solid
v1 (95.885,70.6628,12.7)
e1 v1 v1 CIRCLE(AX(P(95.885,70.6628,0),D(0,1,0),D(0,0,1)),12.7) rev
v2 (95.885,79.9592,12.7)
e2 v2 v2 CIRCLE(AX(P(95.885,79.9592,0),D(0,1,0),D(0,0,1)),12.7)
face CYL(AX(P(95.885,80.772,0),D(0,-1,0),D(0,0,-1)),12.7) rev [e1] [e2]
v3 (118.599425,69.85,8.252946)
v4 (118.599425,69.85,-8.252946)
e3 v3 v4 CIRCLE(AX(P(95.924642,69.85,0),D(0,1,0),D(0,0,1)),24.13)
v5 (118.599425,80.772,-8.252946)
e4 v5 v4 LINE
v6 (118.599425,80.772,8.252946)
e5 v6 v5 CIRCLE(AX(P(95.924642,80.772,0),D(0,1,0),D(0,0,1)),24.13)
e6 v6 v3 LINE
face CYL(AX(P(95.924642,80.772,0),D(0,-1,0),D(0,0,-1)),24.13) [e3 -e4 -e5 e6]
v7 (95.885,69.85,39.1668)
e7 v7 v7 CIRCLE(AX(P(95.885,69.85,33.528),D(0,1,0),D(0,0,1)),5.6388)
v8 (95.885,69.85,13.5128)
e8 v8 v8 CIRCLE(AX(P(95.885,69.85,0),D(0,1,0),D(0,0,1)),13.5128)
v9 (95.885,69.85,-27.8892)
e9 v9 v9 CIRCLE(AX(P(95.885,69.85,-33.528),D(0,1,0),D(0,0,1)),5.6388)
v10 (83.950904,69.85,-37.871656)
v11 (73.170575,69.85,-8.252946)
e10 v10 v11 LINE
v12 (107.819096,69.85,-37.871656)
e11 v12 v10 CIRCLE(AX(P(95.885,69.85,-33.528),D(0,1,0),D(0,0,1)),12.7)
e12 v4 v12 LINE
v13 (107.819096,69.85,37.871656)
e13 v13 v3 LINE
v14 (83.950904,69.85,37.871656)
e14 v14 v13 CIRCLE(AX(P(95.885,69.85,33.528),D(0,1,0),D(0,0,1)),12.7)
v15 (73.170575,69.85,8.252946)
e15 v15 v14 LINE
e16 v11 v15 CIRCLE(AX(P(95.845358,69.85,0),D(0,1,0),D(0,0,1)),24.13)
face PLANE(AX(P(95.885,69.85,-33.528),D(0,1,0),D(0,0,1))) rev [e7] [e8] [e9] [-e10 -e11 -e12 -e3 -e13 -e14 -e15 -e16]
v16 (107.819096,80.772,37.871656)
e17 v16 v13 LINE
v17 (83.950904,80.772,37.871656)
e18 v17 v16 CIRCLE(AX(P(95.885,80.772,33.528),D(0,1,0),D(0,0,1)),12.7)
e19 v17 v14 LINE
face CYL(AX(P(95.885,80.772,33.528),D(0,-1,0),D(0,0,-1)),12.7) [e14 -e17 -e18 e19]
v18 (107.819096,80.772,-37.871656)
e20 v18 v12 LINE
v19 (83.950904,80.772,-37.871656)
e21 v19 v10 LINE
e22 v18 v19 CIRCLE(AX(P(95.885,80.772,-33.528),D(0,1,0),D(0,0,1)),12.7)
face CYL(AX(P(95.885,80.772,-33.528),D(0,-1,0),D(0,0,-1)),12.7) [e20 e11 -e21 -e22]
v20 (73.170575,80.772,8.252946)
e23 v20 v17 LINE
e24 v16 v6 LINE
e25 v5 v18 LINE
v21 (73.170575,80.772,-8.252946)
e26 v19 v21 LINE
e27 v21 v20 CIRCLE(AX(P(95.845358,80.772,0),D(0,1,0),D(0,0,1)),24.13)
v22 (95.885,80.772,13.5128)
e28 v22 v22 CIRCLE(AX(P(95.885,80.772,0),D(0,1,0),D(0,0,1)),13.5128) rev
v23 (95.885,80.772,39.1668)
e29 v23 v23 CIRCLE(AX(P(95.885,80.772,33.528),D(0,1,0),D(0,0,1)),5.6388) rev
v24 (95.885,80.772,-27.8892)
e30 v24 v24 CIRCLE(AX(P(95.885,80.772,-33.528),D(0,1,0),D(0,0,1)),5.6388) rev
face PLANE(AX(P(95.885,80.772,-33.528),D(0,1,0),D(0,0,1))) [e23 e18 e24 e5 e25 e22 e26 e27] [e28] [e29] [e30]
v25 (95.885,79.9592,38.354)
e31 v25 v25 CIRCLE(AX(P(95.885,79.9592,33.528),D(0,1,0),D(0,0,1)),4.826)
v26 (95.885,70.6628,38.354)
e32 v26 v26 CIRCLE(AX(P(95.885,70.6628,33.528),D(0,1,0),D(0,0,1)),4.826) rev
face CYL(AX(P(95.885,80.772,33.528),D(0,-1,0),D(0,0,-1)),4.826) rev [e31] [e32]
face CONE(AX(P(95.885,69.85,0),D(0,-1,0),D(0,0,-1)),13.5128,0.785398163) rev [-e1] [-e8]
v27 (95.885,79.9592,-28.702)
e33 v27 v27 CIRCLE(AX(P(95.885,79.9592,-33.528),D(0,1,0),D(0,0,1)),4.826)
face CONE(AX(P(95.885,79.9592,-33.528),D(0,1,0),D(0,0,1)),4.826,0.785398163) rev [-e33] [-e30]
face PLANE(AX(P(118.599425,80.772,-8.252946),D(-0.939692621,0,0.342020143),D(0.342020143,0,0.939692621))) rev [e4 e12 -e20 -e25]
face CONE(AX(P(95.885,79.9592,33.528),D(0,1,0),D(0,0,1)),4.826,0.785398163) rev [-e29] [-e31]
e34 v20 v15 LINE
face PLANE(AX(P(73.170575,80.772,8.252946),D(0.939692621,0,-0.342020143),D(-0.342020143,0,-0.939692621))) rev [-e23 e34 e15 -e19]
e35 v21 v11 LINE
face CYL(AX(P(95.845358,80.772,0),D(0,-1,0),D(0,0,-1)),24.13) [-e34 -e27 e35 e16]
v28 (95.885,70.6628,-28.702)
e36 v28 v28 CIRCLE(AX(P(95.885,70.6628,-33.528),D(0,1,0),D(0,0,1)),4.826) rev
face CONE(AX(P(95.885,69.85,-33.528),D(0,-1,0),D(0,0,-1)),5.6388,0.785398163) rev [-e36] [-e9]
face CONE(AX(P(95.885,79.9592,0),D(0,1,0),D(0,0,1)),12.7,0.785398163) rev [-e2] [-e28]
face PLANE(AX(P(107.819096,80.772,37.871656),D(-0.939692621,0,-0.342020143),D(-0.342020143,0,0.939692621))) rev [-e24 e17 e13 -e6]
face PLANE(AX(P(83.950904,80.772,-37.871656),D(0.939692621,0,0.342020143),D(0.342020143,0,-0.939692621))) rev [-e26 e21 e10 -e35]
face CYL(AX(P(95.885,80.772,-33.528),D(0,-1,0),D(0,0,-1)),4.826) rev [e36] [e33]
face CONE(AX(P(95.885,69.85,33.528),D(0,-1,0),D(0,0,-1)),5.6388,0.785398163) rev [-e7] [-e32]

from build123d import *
from build123d.topology import SkipClean

# Parameters (mm, degrees)
BOSS_EXTRUDE1_START     = 16.51
SKETCH2_R               = 6.6675
SKETCH2_R_2             = 47.625
SKETCH2_R_3             = 25.4
BOSS_EXTRUDE1_DEPTH     = 16.51
CUT_EXTRUDE1_REACH      = 129.898
SKETCH3_R               = 9.525
CHAMFER1_SIZE           = 0.8128
CHAMFER2_SIZE           = 0.8128
CHAMFER3_SIZE           = 3.175
FILLET2_R               = 1.524
SKETCH4_R               = 7.4803
SKETCH4_R_2             = 25.4
BOSS_EXTRUDE2_DEPTH     = 16.51
SKETCH6_R               = 76.2
SKETCH6_R_2             = 9.525
SKETCH6_R_3             = 25.4
BOSS_EXTRUDE3_DEPTH     = 16.51
SKETCH8_R               = 12.7
SKETCH8_R_2             = 4.826
BOSS_EXTRUDE4_DEPTH     = 9.8552
BOSS_EXTRUDE5_REACH     = 241.142
SKETCH9_R               = 19.05
CUT_EXTRUDE2_REACH      = 241.142
CUT_EXTRUDE2_END_RADIUS = 25.4
SKETCH8_4_R             = 12.7
CHAMFER4_SIZE           = 0.8128
CHAMFER5_SIZE           = 3.175
FILLET3_R               = 2.032
SKETCH10_R              = 4.826
SKETCH10_R_2            = 12.7
BOSS_EXTRUDE6_DEPTH     = 10.922
CHAMFER6_SIZE           = 0.8128


with BuildPart() as part:
    # Sketch1 → Revolve1 (revolve)
    with BuildSketch(Plane.XY, mode=Mode.PRIVATE) as revolve1_sk:
        Polygon((0, 25.4), (53.975, 25.4), (53.975, 47.625), (52.3748, 46.0248), (52.3748, 34.29), (34.925, 34.29), (16.51, 38.204229083), (16.51, 76.2), (1.6002, 76.2), (1.6002, 47.6377), (0, 46.0375), align=None)
    revolve(revolve1_sk.sketch.rotate(Axis((0, 0, 0), (1, 0, 0)), 90), axis=Axis((0, 0, 0), (1, 0, 0)))

    # Sketch2 → Boss-Extrude1 (add)
    # profile 1 of 2: a face of its own
    with BuildSketch(Plane(origin=(53.975, 0, 0), x_dir=(0, 0, -1), z_dir=(1, 0, 0)).offset(BOSS_EXTRUDE1_START)):
        with BuildLine():
            Line((-59.9948, 40.005), (-59.9948, 24.717162721))
            ThreePointArc((-59.9948, 24.717162721), (-60.246417717, 21.150810443), (-60.996285714, 17.655116229))
            ThreePointArc((-60.996285714, 17.655116229), (-63.5, 0), (-60.996285714, -17.655116229))
            ThreePointArc((-60.996285714, -17.655116229), (-60.246417717, -21.150810443), (-59.9948, -24.717162721))
            Line((-59.9948, -24.717162721), (-59.9948, -40.005))
            ThreePointArc((-59.9948, -40.005), (-54.139923135, -54.139923135), (-40.005, -59.9948))
            Line((-40.005, -59.9948), (-24.717162721, -59.9948))
            ThreePointArc((-24.717162721, -59.9948), (-21.150810443, -60.246417717), (-17.655116229, -60.996285714))
            ThreePointArc((-17.655116229, -60.996285714), (0, -63.5), (17.655116229, -60.996285714))
            ThreePointArc((17.655116229, -60.996285714), (21.150810443, -60.246417717), (24.717162721, -59.9948))
            Line((24.717162721, -59.9948), (40.005, -59.9948))
            ThreePointArc((40.005, -59.9948), (54.139923135, -54.139923135), (59.9948, -40.005))
            Line((59.9948, -40.005), (59.9948, -24.717162721))
            ThreePointArc((59.9948, -24.717162721), (60.246417717, -21.150810443), (60.996285714, -17.655116229))
            ThreePointArc((60.996285714, -17.655116229), (63.5, 0), (60.996285714, 17.655116229))
            ThreePointArc((60.996285714, 17.655116229), (60.246417717, 21.150810443), (59.9948, 24.717162721))
            Line((59.9948, 24.717162721), (59.9948, 40.005))
            ThreePointArc((59.9948, 40.005), (54.139923135, 54.139923135), (40.005, 59.9948))
            Line((40.005, 59.9948), (24.717162721, 59.9948))
            ThreePointArc((24.717162721, 59.9948), (21.150810443, 60.246417717), (17.655116229, 60.996285714))
            ThreePointArc((17.655116229, 60.996285714), (0, 63.5), (-17.655116229, 60.996285714))
            ThreePointArc((-17.655116229, 60.996285714), (-21.150810443, 60.246417717), (-24.717162721, 59.9948))
            Line((-24.717162721, 59.9948), (-40.005, 59.9948))
            ThreePointArc((-40.005, 59.9948), (-54.139923135, 54.139923135), (-59.9948, 40.005))
        make_face()
        with Locations((-42.656216575, -42.656216575)):
            Circle(SKETCH2_R, mode=Mode.SUBTRACT)
        with Locations((42.656216575, -42.656216575)):
            Circle(SKETCH2_R, mode=Mode.SUBTRACT)
        with Locations((42.656216575, 42.656216575)):
            Circle(SKETCH2_R, mode=Mode.SUBTRACT)
        with Locations((-42.656216575, 42.656216575)):
            Circle(SKETCH2_R, mode=Mode.SUBTRACT)
        Circle(SKETCH2_R_2, mode=Mode.SUBTRACT)
    # profile 2 of 2: a face of its own
    with BuildSketch(Plane(origin=(53.975, 0, 0), x_dir=(0, 0, -1), z_dir=(1, 0, 0)).offset(BOSS_EXTRUDE1_START)):
        Circle(SKETCH2_R_2)
        with Locations(Location((0, 0, 0), (0, 0, 180))):
            Circle(SKETCH2_R_3, mode=Mode.SUBTRACT)
    extrude(amount=-BOSS_EXTRUDE1_DEPTH)

    # Sketch3 → Cut-Extrude1 (cut, up to next)
    with BuildSketch(Plane.ZY.offset(-1.6002), mode=Mode.PRIVATE) as cut_extrude1_sk1:
        with Locations((-42.656216575, 42.656216575)):
            Circle(SKETCH3_R)
    cut_extrude1_tool1 = extrude(cut_extrude1_sk1.sketch, amount=-CUT_EXTRUDE1_REACH, mode=Mode.PRIVATE) & part.part
    # Sketch3 → Cut-Extrude1 (cut, up to next)
    with BuildSketch(Plane.ZY.offset(-1.6002), mode=Mode.PRIVATE) as cut_extrude1_sk2:
        with Locations((42.656216575, 42.656216575)):
            Circle(SKETCH3_R)
    cut_extrude1_tool2 = extrude(cut_extrude1_sk2.sketch, amount=-CUT_EXTRUDE1_REACH, mode=Mode.PRIVATE) & part.part
    # Sketch3 → Cut-Extrude1 (cut, up to next)
    with BuildSketch(Plane.ZY.offset(-1.6002), mode=Mode.PRIVATE) as cut_extrude1_sk3:
        with Locations((42.656216575, -42.656216575)):
            Circle(SKETCH3_R)
    cut_extrude1_tool3 = extrude(cut_extrude1_sk3.sketch, amount=-CUT_EXTRUDE1_REACH, mode=Mode.PRIVATE) & part.part
    # Sketch3 → Cut-Extrude1 (cut, up to next)
    with BuildSketch(Plane.ZY.offset(-1.6002), mode=Mode.PRIVATE) as cut_extrude1_sk4:
        with Locations((-42.656216575, -42.656216575)):
            Circle(SKETCH3_R)
    cut_extrude1_tool4 = extrude(cut_extrude1_sk4.sketch, amount=-CUT_EXTRUDE1_REACH, mode=Mode.PRIVATE) & part.part
    add(cut_extrude1_tool1.solids().sort_by_distance((1.6002, 42.656217, -42.656217))[0], mode=Mode.SUBTRACT)
    add(cut_extrude1_tool2.solids().sort_by_distance((1.6002, 42.656217, 42.656217))[0], mode=Mode.SUBTRACT)
    add(cut_extrude1_tool3.solids().sort_by_distance((1.6002, -42.656217, 42.656217))[0], mode=Mode.SUBTRACT)
    add(cut_extrude1_tool4.solids().sort_by_distance((1.6002, -42.656217, -42.656217))[0], mode=Mode.SUBTRACT)

    # Chamfer1
    chamfer1_edges = [part.edges().sort_by_distance(p)[0] for p in [
        (70.485, 42.656216575, 49.323716575),
        (70.485, 42.656216575, -35.988716575),
        (70.485, -42.656216575, -35.988716575),
        (70.485, -42.656216575, 49.323716575),
        (53.975, -42.656216575, 49.323716575),
        (53.975, -42.656216575, -35.988716575),
        (53.975, 42.656216575, -35.988716575),
        (53.975, 42.656216575, 49.323716575),
    ]]
    chamfer(chamfer1_edges, length=CHAMFER1_SIZE)

    # Chamfer2
    chamfer2_edges = [part.edges().sort_by_distance(p)[0] for p in [
        (1.6002, -42.656216575, 33.131216575),
        (16.51, -42.656216575, 33.131216575),
        (1.6002, 42.656216575, 33.131216575),
        (16.51, 42.656216575, 33.131216575),
        (1.6002, 42.656216575, -52.181216575),
        (16.51, 42.656216575, -52.181216575),
        (1.6002, -42.656216575, -52.181216575),
        (16.51, -42.656216575, -52.181216575),
    ]]
    chamfer(chamfer2_edges, length=CHAMFER2_SIZE)

    # Chamfer3
    chamfer3_edges = [part.edges().sort_by_distance(p)[0] for p in [
        (0, 0, -25.4),
        (70.485, 0, -25.4),
    ]]
    chamfer(chamfer3_edges, length=CHAMFER3_SIZE)

    # Fillet2
    fillet2_edges = [part.edges().sort_by_distance(p)[0] for p in [
        (16.51, 0, -38.204229083),
        (52.3748, 0, -34.29),
    ]]
    fillet(fillet2_edges, radius=FILLET2_R)


with BuildPart() as body_2:
    # Sketch4 → Boss-Extrude2 (new body)
    with BuildSketch(Plane(origin=(70.485, 0, 0), x_dir=(0, 0, -1), z_dir=(1, 0, 0))):
        with BuildLine():
            Line((-59.9948, 40.005), (-59.9948, 24.717162721))
            ThreePointArc((-59.9948, 24.717162721), (-60.246417717, 21.150810443), (-60.996285714, 17.655116229))
            ThreePointArc((-60.996285714, 17.655116229), (-63.5, 0), (-60.996285714, -17.655116229))
            ThreePointArc((-60.996285714, -17.655116229), (-60.246417717, -21.150810443), (-59.9948, -24.717162721))
            Line((-59.9948, -24.717162721), (-59.9948, -40.005))
            ThreePointArc((-59.9948, -40.005), (-54.139923135, -54.139923135), (-40.005, -59.9948))
            Line((-40.005, -59.9948), (-24.717162721, -59.9948))
            ThreePointArc((-24.717162721, -59.9948), (-21.150810443, -60.246417717), (-17.655116229, -60.996285714))
            ThreePointArc((-17.655116229, -60.996285714), (0, -63.5), (17.655116229, -60.996285714))
            ThreePointArc((17.655116229, -60.996285714), (21.150810443, -60.246417717), (24.717162721, -59.9948))
            Line((24.717162721, -59.9948), (40.005, -59.9948))
            ThreePointArc((40.005, -59.9948), (54.139923135, -54.139923135), (59.9948, -40.005))
            Line((59.9948, -40.005), (59.9948, -24.717162721))
            ThreePointArc((59.9948, -24.717162721), (60.246417717, -21.150810443), (60.996285714, -17.655116229))
            ThreePointArc((60.996285714, -17.655116229), (63.5, 0), (60.996285714, 17.655116229))
            ThreePointArc((60.996285714, 17.655116229), (60.246417717, 21.150810443), (59.9948, 24.717162721))
            Line((59.9948, 24.717162721), (59.9948, 40.005))
            ThreePointArc((59.9948, 40.005), (54.139923135, 54.139923135), (40.005, 59.9948))
            Line((40.005, 59.9948), (24.717162721, 59.9948))
            ThreePointArc((24.717162721, 59.9948), (21.150810443, 60.246417717), (17.655116229, 60.996285714))
            ThreePointArc((17.655116229, 60.996285714), (0, 63.5), (-17.655116229, 60.996285714))
            ThreePointArc((-17.655116229, 60.996285714), (-21.150810443, 60.246417717), (-24.717162721, 59.9948))
            Line((-24.717162721, 59.9948), (-40.005, 59.9948))
            ThreePointArc((-40.005, 59.9948), (-54.139923135, 54.139923135), (-59.9948, 40.005))
        make_face()
        with Locations((42.656216575, -42.656216575)):
            Circle(SKETCH4_R, mode=Mode.SUBTRACT)
        with Locations((42.656216575, 42.656216575)):
            Circle(SKETCH4_R, mode=Mode.SUBTRACT)
        with Locations((-42.656216575, 42.656216575)):
            Circle(SKETCH4_R, mode=Mode.SUBTRACT)
        with Locations((-42.656216575, -42.656216575)):
            Circle(SKETCH4_R, mode=Mode.SUBTRACT)
        Circle(SKETCH4_R_2, mode=Mode.SUBTRACT)
    extrude(amount=BOSS_EXTRUDE2_DEPTH)

    # Sketch5 → Revolve2 (revolve)
    with BuildSketch(Plane.XY, mode=Mode.PRIVATE) as revolve2_sk:
        with BuildLine():
            Line((86.995, -25.4), (156.845, -25.4))
            Line((156.845, -25.4), (156.845, -38.1))
            Line((156.845, -38.1), (141.097, -38.1))
            Line((141.097, -38.1), (100.143007491, -49.07358922))
            ThreePointArc((100.143007491, -49.07358922), (93.625730565, -50.369956202), (86.995, -50.804557244))
            Line((86.995, -50.804557244), (86.995, -25.4))
        make_face()
    revolve(revolve2_sk.sketch.rotate(Axis((0, 0, 0), (1, 0, 0)), 270), axis=Axis((0, 0, 0), (1, 0, 0)))

    # Sketch6 → Boss-Extrude3 (add)
    with BuildSketch(Plane(origin=(156.845, 0, 0), x_dir=(0, 0, -1), z_dir=(1, 0, 0))):
        Circle(SKETCH6_R)
        with Locations((-42.656216575, 42.656216575)):
            Circle(SKETCH6_R_2, mode=Mode.SUBTRACT)
        with Locations((-42.656216575, -42.656216575)):
            Circle(SKETCH6_R_2, mode=Mode.SUBTRACT)
        with Locations((42.656216575, 42.656216575)):
            Circle(SKETCH6_R_2, mode=Mode.SUBTRACT)
        with Locations((42.656216575, -42.656216575)):
            Circle(SKETCH6_R_2, mode=Mode.SUBTRACT)
        Circle(SKETCH6_R_3, mode=Mode.SUBTRACT)
    extrude(amount=BOSS_EXTRUDE3_DEPTH)

    # Sketch8 → Boss-Extrude4 (add)
    # profile 1 of 4: a face of its own
    with BuildSketch(Plane(origin=(0, 69.85, 0), x_dir=(1, 0, 0), z_dir=(0, 1, 0))):
        with Locations((95.885, 33.528)):
            Circle(SKETCH8_R)
        with Locations(Location((95.885, 33.528, 0), (0, 0, 270))):
            Circle(SKETCH8_R_2, mode=Mode.SUBTRACT)
    # profile 2 of 4: a face of its own
    with BuildSketch(Plane(origin=(0, 69.85, 0), x_dir=(1, 0, 0), z_dir=(0, 1, 0))):
        with BuildLine():
            ThreePointArc((108.585, 33.528), (93.679668144, 21.020941537), (83.950903716, 37.87165582))
            Line((83.950903716, 37.87165582), (73.170574985, 8.252946058))
            ThreePointArc((73.170574985, 8.252946058), (71.715357925, 0), (73.170574985, -8.252946058))
            Line((73.170574985, -8.252946058), (83.950903716, -37.87165582))
            ThreePointArc((83.950903716, -37.87165582), (93.679668144, -21.020941537), (108.585, -33.528))
            ThreePointArc((108.585, -33.528), (108.392058463, -35.733331856), (107.819096284, -37.87165582))
            Line((107.819096284, -37.87165582), (118.599425015, -8.252946058))
            ThreePointArc((118.599425015, -8.252946058), (120.054642075, 0), (118.599425015, 8.252946058))
            Line((118.599425015, 8.252946058), (107.819096284, 37.87165582))
            ThreePointArc((107.819096284, 37.87165582), (108.392058463, 35.733331856), (108.585, 33.528))
        make_face()
        with Locations((95.885, 0)):
            Circle(SKETCH8_R, mode=Mode.SUBTRACT)
    # profile 3 of 4: a face of its own
    with BuildSketch(Plane(origin=(0, 69.85, 0), x_dir=(1, 0, 0), z_dir=(0, 1, 0))):
        with Locations((95.885, -33.528)):
            Circle(SKETCH8_R)
        with Locations(Location((95.885, -33.528, 0), (0, 0, 270))):
            Circle(SKETCH8_R_2, mode=Mode.SUBTRACT)
    # profile 4 of 4: a face of its own
    with BuildSketch(Plane(origin=(0, 69.85, 0), x_dir=(1, 0, 0), z_dir=(0, 1, 0))):
        with Locations((95.885, 0)):
            Circle(SKETCH8_R)
    extrude(amount=-BOSS_EXTRUDE4_DEPTH)

    # Sketch9 → Boss-Extrude5 (add, up to next)
    with BuildSketch(Plane(origin=(0, 69.85, 0), x_dir=(1, 0, 0), z_dir=(0, 1, 0)), mode=Mode.PRIVATE) as boss_extrude5_sk1:
        with Locations((95.924642075, 0)):
            Circle(SKETCH9_R)
    boss_extrude5_tool1 = extrude(boss_extrude5_sk1.sketch, amount=-BOSS_EXTRUDE5_REACH, mode=Mode.PRIVATE) - body_2.part
    add(boss_extrude5_tool1.solids().sort_by_distance((95.924642, 69.85, 0))[0])

    # Cut-Extrude2: up to this cylinder (the profile starts outside it)
    with SkipClean():  # the faces are left unmerged after this step: merging them gives an invalid solid
        cut_extrude2_end = Plane(origin=(95.885, 0, 0), z_dir=(-1, 0, 0)) * Cylinder(CUT_EXTRUDE2_END_RADIUS, 534.084, mode=Mode.PRIVATE)
        # Sketch8<4> → Cut-Extrude2 (cut, up to the surface)
        with BuildSketch(Plane(origin=(0, 69.85, 0), x_dir=(1, 0, 0), z_dir=(0, 1, 0)), mode=Mode.PRIVATE) as cut_extrude2_sk1:
            with Locations(Location((95.885, 0, 0), (0, 0, 270))):
                Circle(SKETCH8_4_R)
        cut_extrude2_tool1 = extrude(cut_extrude2_sk1.sketch, amount=-CUT_EXTRUDE2_REACH, mode=Mode.PRIVATE) - cut_extrude2_end
        add(cut_extrude2_tool1.solids().sort_by_distance((95.885, 69.85, 0))[0], mode=Mode.SUBTRACT)

    # Chamfer4
    chamfer4_edges = [body_2.edges().sort_by_distance(p)[0] for p in [
        (86.995, 42.656216575, -35.175916575),
        (173.355, 0, 76.2),
        (156.845, 42.656216575, -33.131216575),
        (156.845, -42.656216575, -33.131216575),
        (156.845, -42.656216575, 52.181216575),
        (156.845, 42.656216575, 52.181216575),
        (156.845, 0, 76.2),
        (173.355, 42.656216575, -33.131216575),
        (173.355, -42.656216575, -33.131216575),
        (173.355, -42.656216575, 52.181216575),
        (173.355, 42.656216575, 52.181216575),
        (86.995, -42.656216575, 50.136516575),
        (95.885, 69.85, -38.354),
        (95.885, 59.9948, 28.702),
        (86.995, 42.656216575, 50.136516575),
        (95.885, 69.85, 28.702),
        (86.995, -42.656216575, -35.175916575),
        (95.885, 69.85, -12.7),
        (70.485, -42.656216575, -35.175916575),
        (70.485, 42.656216575, 50.136516575),
        (70.485, -42.656216575, 50.136516575),
        (70.485, 42.656216575, -35.175916575),
    ]]
    chamfer(chamfer4_edges, length=CHAMFER4_SIZE)

    # Chamfer5
    chamfer5_edges = [body_2.edges().sort_by_distance(p)[0] for p in [
        (173.355, 0, 25.4),
        (70.485, 0, 25.4),
    ]]
    chamfer(chamfer5_edges, length=CHAMFER5_SIZE)

    # Fillet3
    fillet3_edges = [body_2.edges().sort_by_distance(p)[0] for p in [
        (141.097, 0, -38.1),
        (156.845, 0, -38.1),
        (86.995, -41.448857468, -29.378482796),
        (93.420094709, 46.72459453, 18.884643029),
        (114.974642075, 45.09946471, 0),
        (93.420094709, 46.72459453, -18.884643029),
    ]]
    fillet(fillet3_edges, radius=FILLET3_R)


with BuildPart() as body_2_2:
    # Sketch10 → Boss-Extrude6 (new body)
    with BuildSketch(Plane(origin=(0, 69.85, 0), x_dir=(1, 0, 0), z_dir=(0, 1, 0))):
        with BuildLine():
            Line((83.950903716, 37.87165582), (73.170574985, 8.252946058))
            ThreePointArc((73.170574985, 8.252946058), (71.715357925, 0), (73.170574985, -8.252946058))
            Line((73.170574985, -8.252946058), (83.950903716, -37.87165582))
            ThreePointArc((83.950903716, -37.87165582), (95.885, -46.228), (107.819096284, -37.87165582))
            Line((107.819096284, -37.87165582), (118.599425015, -8.252946058))
            ThreePointArc((118.599425015, -8.252946058), (120.054642075, 0), (118.599425015, 8.252946058))
            Line((118.599425015, 8.252946058), (107.819096284, 37.87165582))
            ThreePointArc((107.819096284, 37.87165582), (95.885, 46.228), (83.950903716, 37.87165582))
        make_face()
        with Locations(Location((95.885, 33.528, 0), (0, 0, 270))):
            Circle(SKETCH10_R, mode=Mode.SUBTRACT)
        with Locations(Location((95.885, -33.528, 0), (0, 0, 270))):
            Circle(SKETCH10_R, mode=Mode.SUBTRACT)
        with Locations(Location((95.885, 0, 0), (0, 0, 270))):
            Circle(SKETCH10_R_2, mode=Mode.SUBTRACT)
    extrude(amount=BOSS_EXTRUDE6_DEPTH)

    # Chamfer6
    chamfer6_edges = [body_2_2.edges().sort_by_distance(p)[0] for p in [
        (95.885, 69.85, -38.354),
        (95.885, 80.772, -38.354),
        (95.885, 69.85, 28.702),
        (95.885, 80.772, 28.702),
        (95.885, 69.85, -12.7),
        (95.885, 80.772, -12.7),
    ]]
    chamfer(chamfer6_edges, length=CHAMFER6_SIZE)


solid = body_2_2.part
